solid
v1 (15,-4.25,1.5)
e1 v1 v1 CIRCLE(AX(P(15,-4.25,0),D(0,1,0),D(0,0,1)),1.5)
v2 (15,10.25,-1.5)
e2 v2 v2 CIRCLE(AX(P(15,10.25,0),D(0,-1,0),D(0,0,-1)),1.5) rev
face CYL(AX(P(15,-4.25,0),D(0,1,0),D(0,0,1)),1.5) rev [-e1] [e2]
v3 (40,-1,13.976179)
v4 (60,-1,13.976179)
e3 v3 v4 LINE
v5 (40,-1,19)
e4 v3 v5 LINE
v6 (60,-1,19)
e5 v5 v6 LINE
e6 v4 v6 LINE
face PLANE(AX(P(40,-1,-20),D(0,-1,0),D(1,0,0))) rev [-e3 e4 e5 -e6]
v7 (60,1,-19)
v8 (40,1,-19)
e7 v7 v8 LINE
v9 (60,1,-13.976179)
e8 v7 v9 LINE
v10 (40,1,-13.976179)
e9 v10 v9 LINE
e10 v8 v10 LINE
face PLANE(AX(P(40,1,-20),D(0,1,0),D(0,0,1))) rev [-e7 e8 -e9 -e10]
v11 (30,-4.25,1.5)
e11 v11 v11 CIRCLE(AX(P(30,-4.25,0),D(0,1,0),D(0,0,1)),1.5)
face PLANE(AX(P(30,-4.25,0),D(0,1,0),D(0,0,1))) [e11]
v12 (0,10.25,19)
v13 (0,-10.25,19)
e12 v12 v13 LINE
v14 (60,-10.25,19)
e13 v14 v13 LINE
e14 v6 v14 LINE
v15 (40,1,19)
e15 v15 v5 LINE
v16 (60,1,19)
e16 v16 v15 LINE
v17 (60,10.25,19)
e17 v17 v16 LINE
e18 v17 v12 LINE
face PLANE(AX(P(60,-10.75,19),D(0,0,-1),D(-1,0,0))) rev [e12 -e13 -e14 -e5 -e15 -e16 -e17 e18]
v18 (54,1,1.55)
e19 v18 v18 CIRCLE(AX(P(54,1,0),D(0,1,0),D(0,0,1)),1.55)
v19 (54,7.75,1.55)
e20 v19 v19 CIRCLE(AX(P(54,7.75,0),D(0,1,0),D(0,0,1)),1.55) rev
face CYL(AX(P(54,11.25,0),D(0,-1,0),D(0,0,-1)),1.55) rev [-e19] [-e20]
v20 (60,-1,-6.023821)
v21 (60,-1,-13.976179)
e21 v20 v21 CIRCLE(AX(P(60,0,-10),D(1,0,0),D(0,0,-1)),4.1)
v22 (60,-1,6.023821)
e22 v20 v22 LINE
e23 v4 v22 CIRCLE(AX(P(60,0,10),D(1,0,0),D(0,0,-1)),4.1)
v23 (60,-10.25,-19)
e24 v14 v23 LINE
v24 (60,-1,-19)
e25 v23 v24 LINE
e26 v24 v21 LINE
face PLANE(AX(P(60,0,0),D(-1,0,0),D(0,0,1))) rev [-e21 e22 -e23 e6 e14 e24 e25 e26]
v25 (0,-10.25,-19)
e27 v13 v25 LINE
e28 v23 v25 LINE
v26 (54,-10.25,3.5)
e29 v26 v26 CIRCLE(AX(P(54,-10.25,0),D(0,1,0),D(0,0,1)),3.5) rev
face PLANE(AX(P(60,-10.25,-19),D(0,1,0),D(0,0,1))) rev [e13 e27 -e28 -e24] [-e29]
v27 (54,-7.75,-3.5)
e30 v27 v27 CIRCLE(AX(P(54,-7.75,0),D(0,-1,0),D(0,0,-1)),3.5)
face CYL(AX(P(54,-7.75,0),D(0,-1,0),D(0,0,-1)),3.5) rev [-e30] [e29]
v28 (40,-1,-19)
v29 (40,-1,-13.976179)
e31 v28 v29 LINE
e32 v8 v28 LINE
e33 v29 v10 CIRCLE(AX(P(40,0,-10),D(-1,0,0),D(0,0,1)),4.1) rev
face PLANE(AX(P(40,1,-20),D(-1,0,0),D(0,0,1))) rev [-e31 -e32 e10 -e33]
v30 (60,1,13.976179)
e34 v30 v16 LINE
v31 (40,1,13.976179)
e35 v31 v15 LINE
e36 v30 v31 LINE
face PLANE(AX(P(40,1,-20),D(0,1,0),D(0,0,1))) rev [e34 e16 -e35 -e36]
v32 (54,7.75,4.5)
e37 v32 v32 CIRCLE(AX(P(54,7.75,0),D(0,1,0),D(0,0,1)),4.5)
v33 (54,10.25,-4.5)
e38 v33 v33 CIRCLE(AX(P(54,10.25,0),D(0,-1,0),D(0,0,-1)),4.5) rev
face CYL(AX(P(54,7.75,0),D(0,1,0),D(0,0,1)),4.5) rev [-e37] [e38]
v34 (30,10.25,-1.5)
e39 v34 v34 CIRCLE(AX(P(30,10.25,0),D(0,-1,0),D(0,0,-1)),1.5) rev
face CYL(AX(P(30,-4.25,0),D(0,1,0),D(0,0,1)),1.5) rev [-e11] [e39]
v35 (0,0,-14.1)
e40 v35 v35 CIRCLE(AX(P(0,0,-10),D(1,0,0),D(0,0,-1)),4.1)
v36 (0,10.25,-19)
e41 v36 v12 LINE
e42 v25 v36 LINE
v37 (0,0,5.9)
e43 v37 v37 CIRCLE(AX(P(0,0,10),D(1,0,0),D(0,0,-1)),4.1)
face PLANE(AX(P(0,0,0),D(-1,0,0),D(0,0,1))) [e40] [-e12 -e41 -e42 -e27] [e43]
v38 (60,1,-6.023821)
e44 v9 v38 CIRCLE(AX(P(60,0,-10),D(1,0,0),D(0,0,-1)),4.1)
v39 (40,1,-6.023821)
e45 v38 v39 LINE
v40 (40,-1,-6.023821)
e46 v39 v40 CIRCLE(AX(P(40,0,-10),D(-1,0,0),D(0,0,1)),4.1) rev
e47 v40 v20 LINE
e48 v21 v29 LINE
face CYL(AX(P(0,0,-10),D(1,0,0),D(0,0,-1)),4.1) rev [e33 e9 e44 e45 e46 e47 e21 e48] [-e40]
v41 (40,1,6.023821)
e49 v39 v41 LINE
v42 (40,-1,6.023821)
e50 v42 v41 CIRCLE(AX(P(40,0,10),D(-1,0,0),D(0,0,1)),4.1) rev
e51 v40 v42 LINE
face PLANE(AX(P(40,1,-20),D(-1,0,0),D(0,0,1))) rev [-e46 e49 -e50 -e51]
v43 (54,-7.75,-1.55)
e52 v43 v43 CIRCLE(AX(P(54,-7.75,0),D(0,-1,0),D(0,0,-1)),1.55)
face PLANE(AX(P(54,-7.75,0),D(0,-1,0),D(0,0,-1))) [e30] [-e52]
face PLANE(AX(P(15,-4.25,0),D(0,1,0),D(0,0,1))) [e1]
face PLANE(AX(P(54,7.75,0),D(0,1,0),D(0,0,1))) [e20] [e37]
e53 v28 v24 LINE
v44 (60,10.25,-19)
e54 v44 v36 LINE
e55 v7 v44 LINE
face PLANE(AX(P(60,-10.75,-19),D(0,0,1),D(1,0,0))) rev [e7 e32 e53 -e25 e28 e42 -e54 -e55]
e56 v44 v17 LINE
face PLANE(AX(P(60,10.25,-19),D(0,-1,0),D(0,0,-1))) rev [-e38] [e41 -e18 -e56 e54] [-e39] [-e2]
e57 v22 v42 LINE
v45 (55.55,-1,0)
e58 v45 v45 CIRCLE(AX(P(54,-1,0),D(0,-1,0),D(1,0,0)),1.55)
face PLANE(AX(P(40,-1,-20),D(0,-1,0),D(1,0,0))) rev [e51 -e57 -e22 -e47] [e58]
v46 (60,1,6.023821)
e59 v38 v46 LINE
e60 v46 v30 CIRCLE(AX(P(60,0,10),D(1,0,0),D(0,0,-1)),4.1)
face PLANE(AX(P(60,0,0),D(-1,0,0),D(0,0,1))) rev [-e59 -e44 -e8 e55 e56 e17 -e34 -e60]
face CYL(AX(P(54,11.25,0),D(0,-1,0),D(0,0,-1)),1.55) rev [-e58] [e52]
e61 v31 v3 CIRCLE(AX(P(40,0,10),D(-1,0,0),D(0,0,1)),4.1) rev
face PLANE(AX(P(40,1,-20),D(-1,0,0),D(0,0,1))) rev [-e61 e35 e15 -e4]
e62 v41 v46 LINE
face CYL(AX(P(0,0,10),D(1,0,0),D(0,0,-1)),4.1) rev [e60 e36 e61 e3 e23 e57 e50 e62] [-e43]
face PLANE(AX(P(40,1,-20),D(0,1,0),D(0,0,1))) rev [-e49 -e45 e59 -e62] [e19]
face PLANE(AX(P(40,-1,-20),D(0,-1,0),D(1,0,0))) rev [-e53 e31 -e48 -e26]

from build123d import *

# Parameters (mm, degrees)
CROQUIS3_W              = 38
CROQUIS3_H              = 21.5
SALIENTE_EXTRUIR2_DEPTH = 60
CROQUIS4_R              = 4.1
CORTAR_EXTRUIR2_DEPTH   = 60
CROQUIS5_W              = 20
CROQUIS5_H              = 2
CORTAR_EXTRUIR4_DEPTH   = 39
CROQUIS6_R              = 3.5
CORTAR_EXTRUIR5_DEPTH   = 3
CROQUIS7_R              = 1.55
CORTAR_EXTRUIR6_DEPTH   = 22
CROQUIS8_R              = 4.5
CORTAR_EXTRUIR7_DEPTH   = 3
CROQUIS9_R              = 1.5
CORTAR_EXTRUIR8_DEPTH   = 15
CROQUIS10_W             = 38
CROQUIS10_H             = 0.5
CORTAR_EXTRUIR9_DEPTH   = 60


with BuildPart() as part:
    # Croquis3 → Saliente-Extruir2 (new body)
    with BuildSketch(Plane(origin=(0, 0, 0), x_dir=(0, 0, -1), z_dir=(1, 0, 0))):
        Rectangle(CROQUIS3_W, CROQUIS3_H)
    extrude(amount=SALIENTE_EXTRUIR2_DEPTH)

    # Croquis4 → Cortar-Extruir2 (cut)
    with BuildSketch(Plane(origin=(60, 0, 0), x_dir=(0, 0, -1), z_dir=(1, 0, 0))):
        with Locations((-10, 0)):
            Circle(CROQUIS4_R)
        with Locations((10, 0)):
            Circle(CROQUIS4_R)
    extrude(amount=-CORTAR_EXTRUIR2_DEPTH, mode=Mode.SUBTRACT)

    # Croquis5 → Cortar-Extruir4 (cut)
    with BuildSketch(Plane.XY.offset(19)):
        with Locations((50, 0)):
            Rectangle(CROQUIS5_W, CROQUIS5_H)
    extrude(amount=-CORTAR_EXTRUIR4_DEPTH, mode=Mode.SUBTRACT)

    # Croquis6 → Cortar-Extruir5 (cut)
    with BuildSketch(Plane.XZ.offset(10.75)):
        with Locations(Location((54, 0, 0), (0, 0, 270))):
            Circle(CROQUIS6_R)
    extrude(amount=-CORTAR_EXTRUIR5_DEPTH, mode=Mode.SUBTRACT)

    # Croquis7 → Cortar-Extruir6 (cut)
    with BuildSketch(Plane.XZ.offset(10.75)):
        with Locations(Location((54, 0, 0), (0, 0, 270))):
            Circle(CROQUIS7_R)
    extrude(amount=-CORTAR_EXTRUIR6_DEPTH, mode=Mode.SUBTRACT)

    # Croquis8 → Cortar-Extruir7 (cut)
    with BuildSketch(Plane(origin=(0, 10.75, 0), x_dir=(1, 0, 0), z_dir=(0, 1, 0))):
        with Locations(Location((54, 0, 0), (0, 0, 270))):
            Circle(CROQUIS8_R)
    extrude(amount=-CORTAR_EXTRUIR7_DEPTH, mode=Mode.SUBTRACT)

    # Croquis9 → Cortar-Extruir8 (cut)
    with BuildSketch(Plane(origin=(0, 10.75, 0), x_dir=(1, 0, 0), z_dir=(0, 1, 0))):
        with Locations(Location((30, 0, 0), (0, 0, 270))):
            Circle(CROQUIS9_R)
        with Locations(Location((15, 0, 0), (0, 0, 270))):
            Circle(CROQUIS9_R)
    extrude(amount=-CORTAR_EXTRUIR8_DEPTH, mode=Mode.SUBTRACT)

    # Croquis10 → Cortar-Extruir9 (cut)
    with BuildSketch(Plane.ZY):
        with Locations((0, 10.5)):
            Rectangle(CROQUIS10_W, CROQUIS10_H)
        with Locations((0, -10.5)):
            Rectangle(CROQUIS10_W, CROQUIS10_H)
    extrude(amount=-CORTAR_EXTRUIR9_DEPTH, mode=Mode.SUBTRACT)


solid = part.part
